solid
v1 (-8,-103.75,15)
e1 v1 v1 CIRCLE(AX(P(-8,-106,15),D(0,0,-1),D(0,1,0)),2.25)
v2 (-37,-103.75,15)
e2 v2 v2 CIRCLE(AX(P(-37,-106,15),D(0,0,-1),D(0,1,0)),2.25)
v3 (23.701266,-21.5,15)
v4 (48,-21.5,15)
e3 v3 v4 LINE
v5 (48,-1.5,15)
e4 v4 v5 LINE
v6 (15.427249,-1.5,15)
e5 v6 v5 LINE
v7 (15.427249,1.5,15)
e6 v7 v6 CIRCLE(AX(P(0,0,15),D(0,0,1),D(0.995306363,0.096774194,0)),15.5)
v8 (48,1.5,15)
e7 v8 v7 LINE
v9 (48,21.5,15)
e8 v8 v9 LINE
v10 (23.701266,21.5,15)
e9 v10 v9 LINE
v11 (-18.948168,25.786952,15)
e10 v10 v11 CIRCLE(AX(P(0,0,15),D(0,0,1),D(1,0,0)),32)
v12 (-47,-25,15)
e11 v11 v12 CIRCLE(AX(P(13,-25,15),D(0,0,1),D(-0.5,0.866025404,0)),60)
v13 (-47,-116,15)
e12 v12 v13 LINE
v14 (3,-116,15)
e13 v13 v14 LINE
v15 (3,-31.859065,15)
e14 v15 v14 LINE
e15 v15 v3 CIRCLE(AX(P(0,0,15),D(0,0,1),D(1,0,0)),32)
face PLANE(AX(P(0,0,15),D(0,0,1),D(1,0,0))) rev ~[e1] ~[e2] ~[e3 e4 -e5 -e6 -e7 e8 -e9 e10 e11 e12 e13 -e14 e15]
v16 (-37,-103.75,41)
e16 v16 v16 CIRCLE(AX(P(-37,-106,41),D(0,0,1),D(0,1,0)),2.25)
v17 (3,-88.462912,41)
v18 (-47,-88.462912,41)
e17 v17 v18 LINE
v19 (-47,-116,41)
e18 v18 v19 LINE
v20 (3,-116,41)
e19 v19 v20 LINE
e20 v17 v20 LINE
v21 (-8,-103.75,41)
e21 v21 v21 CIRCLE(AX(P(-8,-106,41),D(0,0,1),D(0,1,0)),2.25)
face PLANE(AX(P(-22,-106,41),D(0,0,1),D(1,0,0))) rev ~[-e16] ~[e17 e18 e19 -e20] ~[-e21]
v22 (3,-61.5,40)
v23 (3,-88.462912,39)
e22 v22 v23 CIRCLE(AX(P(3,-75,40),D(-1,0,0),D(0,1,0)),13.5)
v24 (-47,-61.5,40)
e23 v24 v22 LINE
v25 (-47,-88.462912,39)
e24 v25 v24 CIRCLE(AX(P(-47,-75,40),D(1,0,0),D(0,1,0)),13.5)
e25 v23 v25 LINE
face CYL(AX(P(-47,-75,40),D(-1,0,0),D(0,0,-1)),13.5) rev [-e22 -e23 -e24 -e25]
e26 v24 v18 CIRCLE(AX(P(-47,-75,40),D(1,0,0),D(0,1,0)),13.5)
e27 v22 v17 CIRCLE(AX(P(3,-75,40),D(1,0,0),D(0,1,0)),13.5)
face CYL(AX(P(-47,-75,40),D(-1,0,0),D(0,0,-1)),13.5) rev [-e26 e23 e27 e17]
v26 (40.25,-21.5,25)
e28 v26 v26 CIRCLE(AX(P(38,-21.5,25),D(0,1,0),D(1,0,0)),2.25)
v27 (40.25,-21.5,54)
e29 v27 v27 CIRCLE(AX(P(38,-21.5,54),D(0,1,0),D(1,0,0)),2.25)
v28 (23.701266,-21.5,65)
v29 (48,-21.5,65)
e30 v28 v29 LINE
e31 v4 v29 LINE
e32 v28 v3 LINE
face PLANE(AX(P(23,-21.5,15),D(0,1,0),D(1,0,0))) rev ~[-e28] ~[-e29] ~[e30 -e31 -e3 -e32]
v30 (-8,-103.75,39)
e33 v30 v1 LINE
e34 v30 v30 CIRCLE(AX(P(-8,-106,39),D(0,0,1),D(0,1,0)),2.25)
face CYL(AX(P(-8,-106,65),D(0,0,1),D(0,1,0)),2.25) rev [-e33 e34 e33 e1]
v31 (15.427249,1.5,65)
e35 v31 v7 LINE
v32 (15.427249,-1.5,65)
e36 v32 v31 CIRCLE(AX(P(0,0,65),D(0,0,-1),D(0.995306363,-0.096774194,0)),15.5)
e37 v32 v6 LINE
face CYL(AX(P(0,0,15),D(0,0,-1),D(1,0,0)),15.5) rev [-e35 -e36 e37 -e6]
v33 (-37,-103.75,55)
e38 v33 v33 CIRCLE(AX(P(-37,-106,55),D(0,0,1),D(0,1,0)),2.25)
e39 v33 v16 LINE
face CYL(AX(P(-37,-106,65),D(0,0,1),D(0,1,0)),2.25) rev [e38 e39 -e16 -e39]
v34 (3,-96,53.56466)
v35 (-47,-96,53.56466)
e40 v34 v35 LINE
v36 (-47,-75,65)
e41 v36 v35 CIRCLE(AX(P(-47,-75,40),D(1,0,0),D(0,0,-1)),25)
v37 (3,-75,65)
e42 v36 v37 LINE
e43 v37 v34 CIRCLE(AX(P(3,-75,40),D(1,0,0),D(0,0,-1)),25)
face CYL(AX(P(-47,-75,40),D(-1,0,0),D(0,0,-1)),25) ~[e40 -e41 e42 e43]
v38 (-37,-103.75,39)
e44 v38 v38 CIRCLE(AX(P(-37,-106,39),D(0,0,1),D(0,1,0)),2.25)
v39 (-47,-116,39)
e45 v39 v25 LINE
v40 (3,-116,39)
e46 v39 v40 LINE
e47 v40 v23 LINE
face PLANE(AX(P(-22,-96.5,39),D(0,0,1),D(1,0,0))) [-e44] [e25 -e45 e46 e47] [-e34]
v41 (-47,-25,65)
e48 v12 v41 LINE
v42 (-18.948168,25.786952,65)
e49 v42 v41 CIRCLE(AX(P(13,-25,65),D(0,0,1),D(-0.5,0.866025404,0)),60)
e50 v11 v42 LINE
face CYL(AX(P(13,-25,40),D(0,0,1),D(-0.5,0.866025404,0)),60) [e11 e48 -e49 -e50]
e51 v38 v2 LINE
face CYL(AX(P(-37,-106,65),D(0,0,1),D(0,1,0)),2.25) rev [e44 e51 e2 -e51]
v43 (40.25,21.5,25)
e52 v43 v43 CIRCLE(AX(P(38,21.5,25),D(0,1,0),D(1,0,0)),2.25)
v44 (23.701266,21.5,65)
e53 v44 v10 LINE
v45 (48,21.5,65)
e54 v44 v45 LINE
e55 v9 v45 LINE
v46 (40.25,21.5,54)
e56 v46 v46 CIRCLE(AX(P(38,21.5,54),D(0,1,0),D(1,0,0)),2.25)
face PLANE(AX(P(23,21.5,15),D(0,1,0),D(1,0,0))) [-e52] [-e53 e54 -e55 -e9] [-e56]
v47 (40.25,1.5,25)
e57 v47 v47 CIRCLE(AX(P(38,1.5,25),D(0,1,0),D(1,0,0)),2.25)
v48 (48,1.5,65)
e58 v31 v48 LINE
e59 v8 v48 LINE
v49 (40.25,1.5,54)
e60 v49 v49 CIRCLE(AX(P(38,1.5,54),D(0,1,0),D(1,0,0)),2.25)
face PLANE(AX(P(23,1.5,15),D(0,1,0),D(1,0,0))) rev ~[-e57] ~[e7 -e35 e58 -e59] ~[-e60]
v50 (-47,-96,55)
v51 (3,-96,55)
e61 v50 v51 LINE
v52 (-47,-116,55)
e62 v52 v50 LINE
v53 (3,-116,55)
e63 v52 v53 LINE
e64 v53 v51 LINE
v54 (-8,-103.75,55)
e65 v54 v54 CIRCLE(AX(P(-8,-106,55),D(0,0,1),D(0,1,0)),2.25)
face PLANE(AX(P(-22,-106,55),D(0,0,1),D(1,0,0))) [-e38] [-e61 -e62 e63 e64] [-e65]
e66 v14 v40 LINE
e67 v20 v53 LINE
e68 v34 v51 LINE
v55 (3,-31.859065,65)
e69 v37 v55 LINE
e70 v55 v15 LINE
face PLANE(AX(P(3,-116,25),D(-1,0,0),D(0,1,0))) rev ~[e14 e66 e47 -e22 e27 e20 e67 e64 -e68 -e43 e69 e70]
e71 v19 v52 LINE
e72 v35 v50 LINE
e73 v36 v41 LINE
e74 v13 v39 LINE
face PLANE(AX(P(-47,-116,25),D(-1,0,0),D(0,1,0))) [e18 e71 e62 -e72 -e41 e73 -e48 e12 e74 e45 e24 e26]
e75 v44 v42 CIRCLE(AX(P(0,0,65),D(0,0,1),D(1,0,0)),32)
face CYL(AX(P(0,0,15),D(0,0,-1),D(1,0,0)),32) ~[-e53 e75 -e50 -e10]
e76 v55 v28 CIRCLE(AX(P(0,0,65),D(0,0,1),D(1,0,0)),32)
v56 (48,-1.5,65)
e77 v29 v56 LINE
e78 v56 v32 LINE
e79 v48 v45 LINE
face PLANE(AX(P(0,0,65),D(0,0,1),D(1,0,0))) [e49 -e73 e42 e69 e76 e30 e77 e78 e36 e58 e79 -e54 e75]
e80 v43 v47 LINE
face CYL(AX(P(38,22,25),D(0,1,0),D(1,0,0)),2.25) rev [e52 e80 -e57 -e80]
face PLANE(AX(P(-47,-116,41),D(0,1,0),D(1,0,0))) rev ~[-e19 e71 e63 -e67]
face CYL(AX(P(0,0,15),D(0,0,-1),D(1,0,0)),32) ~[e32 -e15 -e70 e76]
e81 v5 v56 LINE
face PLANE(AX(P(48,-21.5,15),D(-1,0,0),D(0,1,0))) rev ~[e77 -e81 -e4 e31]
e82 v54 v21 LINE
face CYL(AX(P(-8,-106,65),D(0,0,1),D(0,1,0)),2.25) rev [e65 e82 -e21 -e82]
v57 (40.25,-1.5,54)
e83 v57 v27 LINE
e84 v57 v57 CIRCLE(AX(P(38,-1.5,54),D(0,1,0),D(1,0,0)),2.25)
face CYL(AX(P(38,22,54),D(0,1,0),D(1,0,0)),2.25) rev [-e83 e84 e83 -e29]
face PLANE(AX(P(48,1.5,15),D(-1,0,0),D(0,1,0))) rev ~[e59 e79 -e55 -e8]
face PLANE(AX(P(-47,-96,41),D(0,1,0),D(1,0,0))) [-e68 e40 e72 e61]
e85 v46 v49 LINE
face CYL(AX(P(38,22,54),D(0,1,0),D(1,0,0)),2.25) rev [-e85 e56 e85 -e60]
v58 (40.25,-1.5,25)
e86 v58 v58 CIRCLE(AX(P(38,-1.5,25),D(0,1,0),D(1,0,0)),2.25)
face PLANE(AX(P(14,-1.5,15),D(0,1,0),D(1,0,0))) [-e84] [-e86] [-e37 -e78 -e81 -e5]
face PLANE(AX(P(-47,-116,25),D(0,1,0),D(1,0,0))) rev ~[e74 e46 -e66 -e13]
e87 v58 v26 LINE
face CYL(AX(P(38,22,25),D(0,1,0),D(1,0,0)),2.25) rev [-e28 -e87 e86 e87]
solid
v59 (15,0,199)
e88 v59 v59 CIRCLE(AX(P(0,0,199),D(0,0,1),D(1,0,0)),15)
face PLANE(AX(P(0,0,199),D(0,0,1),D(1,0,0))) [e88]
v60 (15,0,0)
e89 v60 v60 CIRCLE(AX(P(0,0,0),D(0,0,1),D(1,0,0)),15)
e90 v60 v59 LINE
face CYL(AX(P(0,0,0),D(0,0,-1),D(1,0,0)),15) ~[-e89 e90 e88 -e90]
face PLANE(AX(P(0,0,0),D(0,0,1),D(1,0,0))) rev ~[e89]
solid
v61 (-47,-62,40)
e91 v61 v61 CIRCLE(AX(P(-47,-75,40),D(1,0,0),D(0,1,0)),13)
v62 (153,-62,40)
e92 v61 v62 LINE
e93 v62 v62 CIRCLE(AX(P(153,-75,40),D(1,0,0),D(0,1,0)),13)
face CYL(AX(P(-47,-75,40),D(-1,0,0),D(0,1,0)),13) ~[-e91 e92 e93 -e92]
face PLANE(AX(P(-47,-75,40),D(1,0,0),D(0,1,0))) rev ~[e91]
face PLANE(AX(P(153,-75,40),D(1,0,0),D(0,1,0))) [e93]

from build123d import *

# Parameters (mm, degrees)
CYLINDER_R                  = 15
CYLINDER_DEPTH              = 199
CYLINDER001_R               = 13
CYLINDER001_DEPTH           = 200
CYLINDER005_R               = 2.25
CYLINDER005_DEPTH           = 50
CYLINDER006_R               = 2.25
CYLINDER006_DEPTH           = 50
FUSION_ROLL_ANGLE           = 90
FUSION_PLACEMENT_ANGLE      = 90
CYLINDER004_R               = 15.5
CYLINDER004_DEPTH           = 199
CYLINDER003_R               = 13.5
CYLINDER003_DEPTH           = 200
BOX_W                       = 20
BOX_H                       = 3
BOX_DEPTH                   = 50
BOX006_W                    = 50
BOX006_H                    = 27
BOX006_DEPTH                = 2
CYLINDER007_R               = 2.25
CYLINDER007_DEPTH           = 50
CYLINDER008_R               = 2.25
CYLINDER008_DEPTH           = 50
BOX001_W                    = 25
BOX001_H                    = 20
BOX001_DEPTH                = 50
BOX002_W                    = 25
BOX002_H                    = 20
BOX002_DEPTH                = 50
BOX003_W                    = 50
BOX003_H                    = 75
BOX003_DEPTH                = 10
BOX004_W                    = 50
BOX004_H                    = 52
BOX004_DEPTH                = 14
BOX005_W                    = 50
BOX005_H                    = 20
BOX005_DEPTH                = 14
CYLINDER002_W               = 60
CYLINDER002_H               = 50
CYLINDER002_ANGLE           = 60
CYLINDER002_PLACEMENT_ANGLE = 120
TUBE_R                      = 32
TUBE_R_2                    = 15.5
TUBE_DEPTH                  = 50
TUBE001_R                   = 25
TUBE001_R_2                 = 13.5
TUBE001_DEPTH               = 50
BOX007_W                    = 50
BOX007_H                    = 50
BOX007_DEPTH                = 50


with BuildPart() as horizontal:
    # Cylinder → Cylinder (new body)
    with BuildSketch(Plane.XY):
        Circle(CYLINDER_R)
    extrude(amount=CYLINDER_DEPTH)


with BuildPart() as vertical:
    # Cylinder001 → Cylinder001 (new body)
    with BuildSketch(Plane(origin=(-47, -75, 40), x_dir=(0, 1, 0), z_dir=(1, 0, 0))):
        Circle(CYLINDER001_R)
    extrude(amount=CYLINDER001_DEPTH)


with BuildPart() as m4s:
    # Cylinder005 → Cylinder005 (new body)
    with BuildSketch(Plane(origin=(38, 22, 25), x_dir=(1, 0, 0), z_dir=(0, -1, 0))):
        Circle(CYLINDER005_R)
    extrude(amount=CYLINDER005_DEPTH)


with BuildPart() as m4s002:
    # Cylinder006 → Cylinder006 (new body)
    with BuildSketch(Plane(origin=(38, 22, 54), x_dir=(1, 0, 0), z_dir=(0, -1, 0))):
        Circle(CYLINDER006_R)
    extrude(amount=CYLINDER006_DEPTH)

    # Fusion: union m4s
    add(m4s.part)


with BuildPart() as m4s002_1:
    # Fusion roll: moved
    add(m4s002.part.rotate(Axis((0, 0, 0), (1, 0, 0)), FUSION_ROLL_ANGLE))


with BuildPart() as m4s002_2:
    # Fusion placement: moved
    add(m4s002_1.part.moved(Location((-62, -144, 43))).rotate(Axis((-62, -144, 43), (0, 0, 1)), FUSION_PLACEMENT_ANGLE))


with BuildPart() as horizontal001cuts:
    # Cylinder004 → Cylinder004 (new body)
    with BuildSketch(Plane.XY):
        Circle(CYLINDER004_R)
    extrude(amount=CYLINDER004_DEPTH)


with BuildPart() as vertical001cuts:
    # Cylinder003 → Cylinder003 (new body)
    with BuildSketch(Plane(origin=(-47, -75, 40), x_dir=(0, 1, 0), z_dir=(1, 0, 0))):
        Circle(CYLINDER003_R)
    extrude(amount=CYLINDER003_DEPTH)


with BuildPart() as horcuts:
    # Box → Box (new body)
    with BuildSketch(Plane(origin=(14, -1.5, 15), x_dir=(1, 0, 0), z_dir=(0, 0, 1))):
        with Locations((10, 1.5)):
            Rectangle(BOX_W, BOX_H)
    extrude(amount=BOX_DEPTH)


with BuildPart() as vercuts:
    # Box006 → Box006 (new body)
    with BuildSketch(Plane(origin=(-47, -110, 39), x_dir=(1, 0, 0), z_dir=(0, 0, 1))):
        with Locations((25, 13.5)):
            Rectangle(BOX006_W, BOX006_H)
    extrude(amount=BOX006_DEPTH)


with BuildPart() as m4s004:
    # Cylinder007 → Cylinder007 (new body)
    with BuildSketch(Plane(origin=(38, 22, 25), x_dir=(1, 0, 0), z_dir=(0, -1, 0))):
        Circle(CYLINDER007_R)
    extrude(amount=CYLINDER007_DEPTH)


with BuildPart() as cuts:
    # Cylinder008 → Cylinder008 (new body)
    with BuildSketch(Plane(origin=(38, 22, 54), x_dir=(1, 0, 0), z_dir=(0, -1, 0))):
        Circle(CYLINDER008_R)
    extrude(amount=CYLINDER008_DEPTH)

    # Fusion001: union m4s004
    add(m4s004.part)

    # Fusion002: union m4s002, Horizontal001Cuts, Vertical001Cuts, horCuts, verCuts
    add(m4s002_2.part)
    add(horizontal001cuts.part)
    add(vertical001cuts.part)
    add(horcuts.part)
    add(vercuts.part)


with BuildPart() as horadd:
    # Box001 → Box001 (new body)
    with BuildSketch(Plane(origin=(23, -21.5, 15), x_dir=(1, 0, 0), z_dir=(0, 0, 1))):
        with Locations((12.5, 10)):
            Rectangle(BOX001_W, BOX001_H)
    extrude(amount=BOX001_DEPTH)


with BuildPart() as horadd001:
    # Box002 → Box002 (new body)
    with BuildSketch(Plane(origin=(23, 1.5, 15), x_dir=(1, 0, 0), z_dir=(0, 0, 1))):
        with Locations((12.5, 10)):
            Rectangle(BOX002_W, BOX002_H)
    extrude(amount=BOX002_DEPTH)


with BuildPart() as veraddons:
    # Box003 → Box003 (new body)
    with BuildSketch(Plane(origin=(-47, -116, 15), x_dir=(1, 0, 0), z_dir=(0, 0, 1))):
        with Locations((25, 37.5)):
            Rectangle(BOX003_W, BOX003_H)
    extrude(amount=BOX003_DEPTH)


with BuildPart() as veraddons001:
    # Box004 → Box004 (new body)
    with BuildSketch(Plane(origin=(-47, -116, 25), x_dir=(1, 0, 0), z_dir=(0, 0, 1))):
        with Locations((25, 26)):
            Rectangle(BOX004_W, BOX004_H)
    extrude(amount=BOX004_DEPTH)


with BuildPart() as veraddons002:
    # Box005 → Box005 (new body)
    with BuildSketch(Plane(origin=(-47, -116, 41), x_dir=(1, 0, 0), z_dir=(0, 0, 1))):
        with Locations((25, 10)):
            Rectangle(BOX005_W, BOX005_H)
    extrude(amount=BOX005_DEPTH)


with BuildPart() as addcylinder:
    # Cylinder002 → Cylinder002 (revolve)
    with BuildSketch(Plane.XZ):
        with Locations((30, 25)):
            Rectangle(CYLINDER002_W, CYLINDER002_H)
    revolve(axis=Axis((0, 0, 0), (0, 0, 1)), revolution_arc=CYLINDER002_ANGLE)


with BuildPart() as addcylinder_1:
    # Cylinder002 placement: moved
    add(addcylinder.part.moved(Location((13, -25, 15))).rotate(Axis((13, -25, 15), (0, 0, 1)), CYLINDER002_PLACEMENT_ANGLE))


with BuildPart() as tubeaddons:
    # Tube → Tube (new body)
    with BuildSketch(Plane.XY.offset(15)):
        Circle(TUBE_R)
        Circle(TUBE_R_2, mode=Mode.SUBTRACT)
    extrude(amount=TUBE_DEPTH)


with BuildPart() as tubeaddons001:
    # Tube001 → Tube001 (new body)
    with BuildSketch(Plane(origin=(-47, -75, 40), x_dir=(0, 0, -1), z_dir=(1, 0, 0))):
        Circle(TUBE001_R)
        Circle(TUBE001_R_2, mode=Mode.SUBTRACT)
    extrude(amount=TUBE001_DEPTH)


with BuildPart() as rear:
    # Box007 → Box007 (new body)
    with BuildSketch(Plane(origin=(-47, -75, 15), x_dir=(1, 0, 0), z_dir=(0, 0, 1))):
        with Locations((25, 25)):
            Rectangle(BOX007_W, BOX007_H)
    extrude(amount=BOX007_DEPTH)

    # Fusion003: union horAdd, horAdd001, VerAddons, VerAddons001, VerAddons002, AddCylinder, TubeAddons, TubeAddons001
    add(horadd.part)
    add(horadd001.part)
    add(veraddons.part)
    add(veraddons001.part)
    add(veraddons002.part)
    add(addcylinder_1.part)
    add(tubeaddons.part)
    add(tubeaddons001.part)

    # Cut: cut cuts
    add(cuts.part, mode=Mode.SUBTRACT)


solid = Compound([horizontal.part, vertical.part, rear.part])
